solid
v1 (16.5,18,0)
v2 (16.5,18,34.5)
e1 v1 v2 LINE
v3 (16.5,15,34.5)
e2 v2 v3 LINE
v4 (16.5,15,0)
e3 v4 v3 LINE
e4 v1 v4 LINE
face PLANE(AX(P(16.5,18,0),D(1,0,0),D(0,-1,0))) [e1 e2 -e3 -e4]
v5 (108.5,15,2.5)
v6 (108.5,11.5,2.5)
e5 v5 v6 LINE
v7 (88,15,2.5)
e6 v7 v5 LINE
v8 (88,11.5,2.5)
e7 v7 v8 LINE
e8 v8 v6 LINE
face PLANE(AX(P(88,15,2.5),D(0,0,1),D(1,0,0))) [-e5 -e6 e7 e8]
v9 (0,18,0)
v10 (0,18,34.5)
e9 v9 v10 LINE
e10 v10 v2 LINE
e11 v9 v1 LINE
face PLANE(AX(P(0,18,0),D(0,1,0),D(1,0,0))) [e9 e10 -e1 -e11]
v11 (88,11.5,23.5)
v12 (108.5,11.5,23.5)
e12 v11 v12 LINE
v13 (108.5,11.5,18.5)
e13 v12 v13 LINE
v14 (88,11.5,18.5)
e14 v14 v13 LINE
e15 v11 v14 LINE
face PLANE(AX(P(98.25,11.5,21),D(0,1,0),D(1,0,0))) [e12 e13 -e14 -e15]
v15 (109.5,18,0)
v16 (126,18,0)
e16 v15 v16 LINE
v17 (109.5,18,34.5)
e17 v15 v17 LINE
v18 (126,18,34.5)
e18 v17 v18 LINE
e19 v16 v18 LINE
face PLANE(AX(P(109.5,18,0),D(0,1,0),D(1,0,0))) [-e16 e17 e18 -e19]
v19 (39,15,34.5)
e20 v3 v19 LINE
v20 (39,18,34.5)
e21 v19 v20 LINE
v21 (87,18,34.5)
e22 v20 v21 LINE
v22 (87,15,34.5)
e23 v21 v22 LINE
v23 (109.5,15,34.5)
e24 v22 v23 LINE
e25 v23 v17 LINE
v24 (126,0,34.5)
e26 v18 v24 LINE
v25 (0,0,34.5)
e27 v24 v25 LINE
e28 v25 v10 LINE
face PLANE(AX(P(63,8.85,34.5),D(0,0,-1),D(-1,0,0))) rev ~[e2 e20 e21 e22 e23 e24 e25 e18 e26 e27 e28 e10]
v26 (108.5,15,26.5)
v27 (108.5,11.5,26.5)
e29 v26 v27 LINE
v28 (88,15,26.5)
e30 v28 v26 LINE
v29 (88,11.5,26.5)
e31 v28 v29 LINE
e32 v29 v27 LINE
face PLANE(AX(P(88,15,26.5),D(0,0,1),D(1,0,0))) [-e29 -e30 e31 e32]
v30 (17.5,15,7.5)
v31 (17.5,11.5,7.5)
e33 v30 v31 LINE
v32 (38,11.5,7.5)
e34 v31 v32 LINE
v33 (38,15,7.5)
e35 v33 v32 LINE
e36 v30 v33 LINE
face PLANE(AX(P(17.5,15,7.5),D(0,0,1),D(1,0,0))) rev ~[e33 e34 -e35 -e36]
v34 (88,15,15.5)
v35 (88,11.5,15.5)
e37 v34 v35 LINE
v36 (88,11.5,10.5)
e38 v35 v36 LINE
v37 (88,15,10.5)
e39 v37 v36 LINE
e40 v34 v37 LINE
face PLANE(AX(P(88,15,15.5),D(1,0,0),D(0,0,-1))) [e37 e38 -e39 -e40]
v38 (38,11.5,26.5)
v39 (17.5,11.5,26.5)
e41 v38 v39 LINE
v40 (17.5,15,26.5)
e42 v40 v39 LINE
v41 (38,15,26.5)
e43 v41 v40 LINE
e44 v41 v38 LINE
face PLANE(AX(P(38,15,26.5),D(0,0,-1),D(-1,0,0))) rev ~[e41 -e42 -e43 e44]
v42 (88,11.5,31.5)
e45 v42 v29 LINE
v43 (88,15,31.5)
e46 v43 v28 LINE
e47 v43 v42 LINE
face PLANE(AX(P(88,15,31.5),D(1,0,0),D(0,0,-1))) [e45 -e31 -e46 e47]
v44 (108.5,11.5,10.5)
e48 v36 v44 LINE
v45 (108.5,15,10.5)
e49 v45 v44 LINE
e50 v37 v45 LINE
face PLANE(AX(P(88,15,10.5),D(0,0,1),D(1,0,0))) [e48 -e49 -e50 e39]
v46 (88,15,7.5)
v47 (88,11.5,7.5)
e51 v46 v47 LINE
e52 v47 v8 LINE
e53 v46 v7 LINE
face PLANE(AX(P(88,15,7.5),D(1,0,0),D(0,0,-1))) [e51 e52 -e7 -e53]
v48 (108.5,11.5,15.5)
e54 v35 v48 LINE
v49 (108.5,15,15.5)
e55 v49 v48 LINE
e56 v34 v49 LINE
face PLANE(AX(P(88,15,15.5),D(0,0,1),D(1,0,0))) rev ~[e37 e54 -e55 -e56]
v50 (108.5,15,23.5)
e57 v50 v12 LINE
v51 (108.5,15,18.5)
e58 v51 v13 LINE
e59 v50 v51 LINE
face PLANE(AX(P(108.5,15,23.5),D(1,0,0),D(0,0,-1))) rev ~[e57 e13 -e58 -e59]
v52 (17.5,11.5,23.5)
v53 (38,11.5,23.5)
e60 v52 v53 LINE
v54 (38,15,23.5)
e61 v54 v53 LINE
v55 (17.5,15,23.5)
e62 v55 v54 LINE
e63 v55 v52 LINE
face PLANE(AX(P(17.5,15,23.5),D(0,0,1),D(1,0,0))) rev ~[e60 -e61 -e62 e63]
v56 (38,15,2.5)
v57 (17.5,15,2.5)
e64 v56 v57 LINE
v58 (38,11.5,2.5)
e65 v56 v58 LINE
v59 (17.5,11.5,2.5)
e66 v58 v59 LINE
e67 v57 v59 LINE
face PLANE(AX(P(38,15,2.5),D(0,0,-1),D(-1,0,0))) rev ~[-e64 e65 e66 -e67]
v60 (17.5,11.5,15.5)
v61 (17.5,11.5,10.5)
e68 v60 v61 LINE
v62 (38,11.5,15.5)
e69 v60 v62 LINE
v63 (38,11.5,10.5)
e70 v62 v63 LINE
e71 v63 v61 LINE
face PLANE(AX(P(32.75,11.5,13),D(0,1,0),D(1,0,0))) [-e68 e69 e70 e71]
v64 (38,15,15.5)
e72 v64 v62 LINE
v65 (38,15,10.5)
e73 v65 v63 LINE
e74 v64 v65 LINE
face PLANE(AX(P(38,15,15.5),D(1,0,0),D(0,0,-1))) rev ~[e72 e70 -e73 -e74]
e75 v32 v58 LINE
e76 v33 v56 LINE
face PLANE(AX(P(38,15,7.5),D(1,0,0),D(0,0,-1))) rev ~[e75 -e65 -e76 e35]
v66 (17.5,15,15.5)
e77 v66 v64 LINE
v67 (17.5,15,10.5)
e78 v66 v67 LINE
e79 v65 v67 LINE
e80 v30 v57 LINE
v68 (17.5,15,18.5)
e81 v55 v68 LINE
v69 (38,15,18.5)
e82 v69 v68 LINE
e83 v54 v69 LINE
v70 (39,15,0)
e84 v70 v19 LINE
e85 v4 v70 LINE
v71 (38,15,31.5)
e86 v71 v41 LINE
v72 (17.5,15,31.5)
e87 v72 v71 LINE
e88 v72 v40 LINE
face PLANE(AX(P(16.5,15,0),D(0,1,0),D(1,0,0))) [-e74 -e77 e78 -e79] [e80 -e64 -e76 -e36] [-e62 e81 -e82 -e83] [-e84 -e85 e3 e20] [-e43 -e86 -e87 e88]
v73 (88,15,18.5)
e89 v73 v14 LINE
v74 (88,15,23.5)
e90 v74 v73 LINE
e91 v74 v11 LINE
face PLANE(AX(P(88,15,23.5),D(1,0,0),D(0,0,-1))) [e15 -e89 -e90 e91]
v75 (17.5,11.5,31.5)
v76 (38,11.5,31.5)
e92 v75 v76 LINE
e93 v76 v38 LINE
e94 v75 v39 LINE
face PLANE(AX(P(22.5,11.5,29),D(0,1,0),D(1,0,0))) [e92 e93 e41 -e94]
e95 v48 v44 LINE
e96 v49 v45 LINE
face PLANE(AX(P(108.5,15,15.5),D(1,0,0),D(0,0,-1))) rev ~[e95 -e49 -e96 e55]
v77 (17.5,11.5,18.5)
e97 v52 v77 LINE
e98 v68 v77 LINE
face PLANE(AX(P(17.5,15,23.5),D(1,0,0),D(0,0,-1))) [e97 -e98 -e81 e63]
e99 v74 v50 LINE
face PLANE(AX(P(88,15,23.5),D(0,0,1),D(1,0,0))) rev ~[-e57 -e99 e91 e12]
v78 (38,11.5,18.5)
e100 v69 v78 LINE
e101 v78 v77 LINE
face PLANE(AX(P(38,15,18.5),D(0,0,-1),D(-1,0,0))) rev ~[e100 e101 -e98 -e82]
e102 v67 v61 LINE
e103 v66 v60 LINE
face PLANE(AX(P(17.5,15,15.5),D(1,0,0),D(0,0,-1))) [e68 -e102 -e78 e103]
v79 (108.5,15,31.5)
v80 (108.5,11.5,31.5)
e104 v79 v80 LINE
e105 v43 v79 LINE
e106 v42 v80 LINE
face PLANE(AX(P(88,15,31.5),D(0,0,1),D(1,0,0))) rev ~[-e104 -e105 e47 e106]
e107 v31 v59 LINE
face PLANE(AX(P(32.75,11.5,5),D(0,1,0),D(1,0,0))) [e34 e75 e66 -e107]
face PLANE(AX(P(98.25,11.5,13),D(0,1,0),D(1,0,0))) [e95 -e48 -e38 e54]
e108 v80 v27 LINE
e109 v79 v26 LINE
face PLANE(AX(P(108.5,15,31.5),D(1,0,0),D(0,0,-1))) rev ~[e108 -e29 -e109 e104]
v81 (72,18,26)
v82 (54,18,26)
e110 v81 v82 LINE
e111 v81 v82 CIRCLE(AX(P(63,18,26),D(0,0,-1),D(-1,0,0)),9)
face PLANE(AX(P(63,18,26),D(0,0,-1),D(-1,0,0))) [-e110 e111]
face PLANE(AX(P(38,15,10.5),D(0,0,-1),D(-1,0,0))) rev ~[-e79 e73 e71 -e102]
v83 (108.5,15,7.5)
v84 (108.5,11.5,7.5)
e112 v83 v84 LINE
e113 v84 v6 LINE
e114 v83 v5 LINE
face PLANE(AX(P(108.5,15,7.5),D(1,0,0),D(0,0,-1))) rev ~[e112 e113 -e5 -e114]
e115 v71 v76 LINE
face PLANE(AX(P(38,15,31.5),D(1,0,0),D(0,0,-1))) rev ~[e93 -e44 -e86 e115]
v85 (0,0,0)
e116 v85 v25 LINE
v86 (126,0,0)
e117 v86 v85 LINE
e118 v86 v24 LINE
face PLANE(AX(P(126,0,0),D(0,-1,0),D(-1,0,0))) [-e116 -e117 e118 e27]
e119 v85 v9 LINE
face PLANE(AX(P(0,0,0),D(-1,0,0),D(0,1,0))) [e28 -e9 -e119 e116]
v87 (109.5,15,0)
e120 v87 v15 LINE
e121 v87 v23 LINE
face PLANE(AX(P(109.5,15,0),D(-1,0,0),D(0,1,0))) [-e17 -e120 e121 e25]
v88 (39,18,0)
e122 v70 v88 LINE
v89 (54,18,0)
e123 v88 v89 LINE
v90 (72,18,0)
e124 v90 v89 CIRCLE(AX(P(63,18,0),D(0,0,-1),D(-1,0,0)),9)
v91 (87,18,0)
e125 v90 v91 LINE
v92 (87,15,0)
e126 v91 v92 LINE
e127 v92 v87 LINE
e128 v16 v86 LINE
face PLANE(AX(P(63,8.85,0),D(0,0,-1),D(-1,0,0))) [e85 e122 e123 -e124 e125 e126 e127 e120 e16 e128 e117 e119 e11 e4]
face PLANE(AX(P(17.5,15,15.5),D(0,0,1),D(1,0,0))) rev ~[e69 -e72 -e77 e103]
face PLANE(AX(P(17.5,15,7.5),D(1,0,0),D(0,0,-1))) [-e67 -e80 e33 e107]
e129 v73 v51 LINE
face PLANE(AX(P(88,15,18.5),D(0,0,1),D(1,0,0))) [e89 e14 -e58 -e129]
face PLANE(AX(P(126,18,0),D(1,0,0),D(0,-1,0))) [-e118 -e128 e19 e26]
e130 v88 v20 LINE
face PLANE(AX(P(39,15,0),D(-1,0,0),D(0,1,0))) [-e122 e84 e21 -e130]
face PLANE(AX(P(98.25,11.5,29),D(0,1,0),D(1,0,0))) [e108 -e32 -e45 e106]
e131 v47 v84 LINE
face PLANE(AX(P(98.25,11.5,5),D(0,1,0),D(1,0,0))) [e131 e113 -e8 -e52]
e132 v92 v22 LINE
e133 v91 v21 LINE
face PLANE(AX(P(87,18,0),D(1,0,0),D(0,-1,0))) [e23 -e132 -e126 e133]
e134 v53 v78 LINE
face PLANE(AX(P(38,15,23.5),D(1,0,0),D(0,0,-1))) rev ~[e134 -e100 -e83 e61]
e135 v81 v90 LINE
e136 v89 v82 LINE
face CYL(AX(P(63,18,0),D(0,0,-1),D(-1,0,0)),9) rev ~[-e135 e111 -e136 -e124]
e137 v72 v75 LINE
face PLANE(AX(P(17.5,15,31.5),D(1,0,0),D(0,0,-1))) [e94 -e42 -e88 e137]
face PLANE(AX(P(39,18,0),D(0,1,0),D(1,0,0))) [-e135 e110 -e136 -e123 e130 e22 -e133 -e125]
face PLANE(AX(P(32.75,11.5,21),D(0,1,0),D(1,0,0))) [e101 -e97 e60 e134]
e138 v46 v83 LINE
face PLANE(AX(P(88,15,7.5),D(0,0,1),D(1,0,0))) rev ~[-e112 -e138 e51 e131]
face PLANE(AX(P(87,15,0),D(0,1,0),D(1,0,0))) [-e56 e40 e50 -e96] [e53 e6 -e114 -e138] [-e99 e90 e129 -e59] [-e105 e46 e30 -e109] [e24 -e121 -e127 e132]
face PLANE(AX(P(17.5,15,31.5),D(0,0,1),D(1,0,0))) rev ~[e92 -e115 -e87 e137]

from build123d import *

# Parameters (mm, degrees)
SALIENTE_EXTRUIR1_DEPTH = 34.5
CROQUIS2_R              = 9
CORTAR_EXTRUIR1_DEPTH   = 26
CROQUIS3_W              = 10
CROQUIS3_H              = 5
CROQUIS3_W_2            = 10.5
CROQUIS3_W_3            = 20.5
CORTAR_EXTRUIR2_DEPTH   = 3.5


with BuildPart() as part:
    # Croquis1 → Saliente-Extruir1 (new body)
    with BuildSketch(Plane.XY):
        Polygon((0, 0), (0, 18), (16.5, 18), (16.5, 15), (39, 15), (39, 18), (87, 18), (87, 15), (109.5, 15), (109.5, 18), (126, 18), (126, 0), align=None)
    extrude(amount=SALIENTE_EXTRUIR1_DEPTH)

    # Croquis2 → Cortar-Extruir1 (cut)
    with BuildSketch(Plane(origin=(0, 0, 0), x_dir=(-1, 0, 0), z_dir=(0, 0, -1))):
        with Locations((-63, 18)):
            Circle(CROQUIS2_R)
    extrude(amount=-CORTAR_EXTRUIR1_DEPTH, mode=Mode.SUBTRACT)

    # Croquis3 → Cortar-Extruir2 (cut)
    with BuildSketch(Plane(origin=(0, 15, 0), x_dir=(1, 0, 0), z_dir=(0, 1, 0))):
        with Locations((22.5, -29)):
            Rectangle(CROQUIS3_W, CROQUIS3_H)
        with Locations((32.75, -29)):
            Rectangle(CROQUIS3_W_2, CROQUIS3_H)
        with Locations((32.75, -21)):
            Rectangle(CROQUIS3_W_2, CROQUIS3_H)
        with Locations((22.5, -21)):
            Rectangle(CROQUIS3_W, CROQUIS3_H)
        with Locations((32.75, -13)):
            Rectangle(CROQUIS3_W_2, CROQUIS3_H)
        with Locations((22.5, -13)):
            Rectangle(CROQUIS3_W, CROQUIS3_H)
        with Locations((32.75, -5)):
            Rectangle(CROQUIS3_W_2, CROQUIS3_H)
        with Locations((22.5, -5)):
            Rectangle(CROQUIS3_W, CROQUIS3_H)
        with Locations((98.25, -29)):
            Rectangle(CROQUIS3_W_3, CROQUIS3_H)
        with Locations((98.25, -21)):
            Rectangle(CROQUIS3_W_3, CROQUIS3_H)
        with Locations((98.25, -13)):
            Rectangle(CROQUIS3_W_3, CROQUIS3_H)
        with Locations((98.25, -5)):
            Rectangle(CROQUIS3_W_3, CROQUIS3_H)
    extrude(amount=-CORTAR_EXTRUIR2_DEPTH, mode=Mode.SUBTRACT)


solid = part.part
